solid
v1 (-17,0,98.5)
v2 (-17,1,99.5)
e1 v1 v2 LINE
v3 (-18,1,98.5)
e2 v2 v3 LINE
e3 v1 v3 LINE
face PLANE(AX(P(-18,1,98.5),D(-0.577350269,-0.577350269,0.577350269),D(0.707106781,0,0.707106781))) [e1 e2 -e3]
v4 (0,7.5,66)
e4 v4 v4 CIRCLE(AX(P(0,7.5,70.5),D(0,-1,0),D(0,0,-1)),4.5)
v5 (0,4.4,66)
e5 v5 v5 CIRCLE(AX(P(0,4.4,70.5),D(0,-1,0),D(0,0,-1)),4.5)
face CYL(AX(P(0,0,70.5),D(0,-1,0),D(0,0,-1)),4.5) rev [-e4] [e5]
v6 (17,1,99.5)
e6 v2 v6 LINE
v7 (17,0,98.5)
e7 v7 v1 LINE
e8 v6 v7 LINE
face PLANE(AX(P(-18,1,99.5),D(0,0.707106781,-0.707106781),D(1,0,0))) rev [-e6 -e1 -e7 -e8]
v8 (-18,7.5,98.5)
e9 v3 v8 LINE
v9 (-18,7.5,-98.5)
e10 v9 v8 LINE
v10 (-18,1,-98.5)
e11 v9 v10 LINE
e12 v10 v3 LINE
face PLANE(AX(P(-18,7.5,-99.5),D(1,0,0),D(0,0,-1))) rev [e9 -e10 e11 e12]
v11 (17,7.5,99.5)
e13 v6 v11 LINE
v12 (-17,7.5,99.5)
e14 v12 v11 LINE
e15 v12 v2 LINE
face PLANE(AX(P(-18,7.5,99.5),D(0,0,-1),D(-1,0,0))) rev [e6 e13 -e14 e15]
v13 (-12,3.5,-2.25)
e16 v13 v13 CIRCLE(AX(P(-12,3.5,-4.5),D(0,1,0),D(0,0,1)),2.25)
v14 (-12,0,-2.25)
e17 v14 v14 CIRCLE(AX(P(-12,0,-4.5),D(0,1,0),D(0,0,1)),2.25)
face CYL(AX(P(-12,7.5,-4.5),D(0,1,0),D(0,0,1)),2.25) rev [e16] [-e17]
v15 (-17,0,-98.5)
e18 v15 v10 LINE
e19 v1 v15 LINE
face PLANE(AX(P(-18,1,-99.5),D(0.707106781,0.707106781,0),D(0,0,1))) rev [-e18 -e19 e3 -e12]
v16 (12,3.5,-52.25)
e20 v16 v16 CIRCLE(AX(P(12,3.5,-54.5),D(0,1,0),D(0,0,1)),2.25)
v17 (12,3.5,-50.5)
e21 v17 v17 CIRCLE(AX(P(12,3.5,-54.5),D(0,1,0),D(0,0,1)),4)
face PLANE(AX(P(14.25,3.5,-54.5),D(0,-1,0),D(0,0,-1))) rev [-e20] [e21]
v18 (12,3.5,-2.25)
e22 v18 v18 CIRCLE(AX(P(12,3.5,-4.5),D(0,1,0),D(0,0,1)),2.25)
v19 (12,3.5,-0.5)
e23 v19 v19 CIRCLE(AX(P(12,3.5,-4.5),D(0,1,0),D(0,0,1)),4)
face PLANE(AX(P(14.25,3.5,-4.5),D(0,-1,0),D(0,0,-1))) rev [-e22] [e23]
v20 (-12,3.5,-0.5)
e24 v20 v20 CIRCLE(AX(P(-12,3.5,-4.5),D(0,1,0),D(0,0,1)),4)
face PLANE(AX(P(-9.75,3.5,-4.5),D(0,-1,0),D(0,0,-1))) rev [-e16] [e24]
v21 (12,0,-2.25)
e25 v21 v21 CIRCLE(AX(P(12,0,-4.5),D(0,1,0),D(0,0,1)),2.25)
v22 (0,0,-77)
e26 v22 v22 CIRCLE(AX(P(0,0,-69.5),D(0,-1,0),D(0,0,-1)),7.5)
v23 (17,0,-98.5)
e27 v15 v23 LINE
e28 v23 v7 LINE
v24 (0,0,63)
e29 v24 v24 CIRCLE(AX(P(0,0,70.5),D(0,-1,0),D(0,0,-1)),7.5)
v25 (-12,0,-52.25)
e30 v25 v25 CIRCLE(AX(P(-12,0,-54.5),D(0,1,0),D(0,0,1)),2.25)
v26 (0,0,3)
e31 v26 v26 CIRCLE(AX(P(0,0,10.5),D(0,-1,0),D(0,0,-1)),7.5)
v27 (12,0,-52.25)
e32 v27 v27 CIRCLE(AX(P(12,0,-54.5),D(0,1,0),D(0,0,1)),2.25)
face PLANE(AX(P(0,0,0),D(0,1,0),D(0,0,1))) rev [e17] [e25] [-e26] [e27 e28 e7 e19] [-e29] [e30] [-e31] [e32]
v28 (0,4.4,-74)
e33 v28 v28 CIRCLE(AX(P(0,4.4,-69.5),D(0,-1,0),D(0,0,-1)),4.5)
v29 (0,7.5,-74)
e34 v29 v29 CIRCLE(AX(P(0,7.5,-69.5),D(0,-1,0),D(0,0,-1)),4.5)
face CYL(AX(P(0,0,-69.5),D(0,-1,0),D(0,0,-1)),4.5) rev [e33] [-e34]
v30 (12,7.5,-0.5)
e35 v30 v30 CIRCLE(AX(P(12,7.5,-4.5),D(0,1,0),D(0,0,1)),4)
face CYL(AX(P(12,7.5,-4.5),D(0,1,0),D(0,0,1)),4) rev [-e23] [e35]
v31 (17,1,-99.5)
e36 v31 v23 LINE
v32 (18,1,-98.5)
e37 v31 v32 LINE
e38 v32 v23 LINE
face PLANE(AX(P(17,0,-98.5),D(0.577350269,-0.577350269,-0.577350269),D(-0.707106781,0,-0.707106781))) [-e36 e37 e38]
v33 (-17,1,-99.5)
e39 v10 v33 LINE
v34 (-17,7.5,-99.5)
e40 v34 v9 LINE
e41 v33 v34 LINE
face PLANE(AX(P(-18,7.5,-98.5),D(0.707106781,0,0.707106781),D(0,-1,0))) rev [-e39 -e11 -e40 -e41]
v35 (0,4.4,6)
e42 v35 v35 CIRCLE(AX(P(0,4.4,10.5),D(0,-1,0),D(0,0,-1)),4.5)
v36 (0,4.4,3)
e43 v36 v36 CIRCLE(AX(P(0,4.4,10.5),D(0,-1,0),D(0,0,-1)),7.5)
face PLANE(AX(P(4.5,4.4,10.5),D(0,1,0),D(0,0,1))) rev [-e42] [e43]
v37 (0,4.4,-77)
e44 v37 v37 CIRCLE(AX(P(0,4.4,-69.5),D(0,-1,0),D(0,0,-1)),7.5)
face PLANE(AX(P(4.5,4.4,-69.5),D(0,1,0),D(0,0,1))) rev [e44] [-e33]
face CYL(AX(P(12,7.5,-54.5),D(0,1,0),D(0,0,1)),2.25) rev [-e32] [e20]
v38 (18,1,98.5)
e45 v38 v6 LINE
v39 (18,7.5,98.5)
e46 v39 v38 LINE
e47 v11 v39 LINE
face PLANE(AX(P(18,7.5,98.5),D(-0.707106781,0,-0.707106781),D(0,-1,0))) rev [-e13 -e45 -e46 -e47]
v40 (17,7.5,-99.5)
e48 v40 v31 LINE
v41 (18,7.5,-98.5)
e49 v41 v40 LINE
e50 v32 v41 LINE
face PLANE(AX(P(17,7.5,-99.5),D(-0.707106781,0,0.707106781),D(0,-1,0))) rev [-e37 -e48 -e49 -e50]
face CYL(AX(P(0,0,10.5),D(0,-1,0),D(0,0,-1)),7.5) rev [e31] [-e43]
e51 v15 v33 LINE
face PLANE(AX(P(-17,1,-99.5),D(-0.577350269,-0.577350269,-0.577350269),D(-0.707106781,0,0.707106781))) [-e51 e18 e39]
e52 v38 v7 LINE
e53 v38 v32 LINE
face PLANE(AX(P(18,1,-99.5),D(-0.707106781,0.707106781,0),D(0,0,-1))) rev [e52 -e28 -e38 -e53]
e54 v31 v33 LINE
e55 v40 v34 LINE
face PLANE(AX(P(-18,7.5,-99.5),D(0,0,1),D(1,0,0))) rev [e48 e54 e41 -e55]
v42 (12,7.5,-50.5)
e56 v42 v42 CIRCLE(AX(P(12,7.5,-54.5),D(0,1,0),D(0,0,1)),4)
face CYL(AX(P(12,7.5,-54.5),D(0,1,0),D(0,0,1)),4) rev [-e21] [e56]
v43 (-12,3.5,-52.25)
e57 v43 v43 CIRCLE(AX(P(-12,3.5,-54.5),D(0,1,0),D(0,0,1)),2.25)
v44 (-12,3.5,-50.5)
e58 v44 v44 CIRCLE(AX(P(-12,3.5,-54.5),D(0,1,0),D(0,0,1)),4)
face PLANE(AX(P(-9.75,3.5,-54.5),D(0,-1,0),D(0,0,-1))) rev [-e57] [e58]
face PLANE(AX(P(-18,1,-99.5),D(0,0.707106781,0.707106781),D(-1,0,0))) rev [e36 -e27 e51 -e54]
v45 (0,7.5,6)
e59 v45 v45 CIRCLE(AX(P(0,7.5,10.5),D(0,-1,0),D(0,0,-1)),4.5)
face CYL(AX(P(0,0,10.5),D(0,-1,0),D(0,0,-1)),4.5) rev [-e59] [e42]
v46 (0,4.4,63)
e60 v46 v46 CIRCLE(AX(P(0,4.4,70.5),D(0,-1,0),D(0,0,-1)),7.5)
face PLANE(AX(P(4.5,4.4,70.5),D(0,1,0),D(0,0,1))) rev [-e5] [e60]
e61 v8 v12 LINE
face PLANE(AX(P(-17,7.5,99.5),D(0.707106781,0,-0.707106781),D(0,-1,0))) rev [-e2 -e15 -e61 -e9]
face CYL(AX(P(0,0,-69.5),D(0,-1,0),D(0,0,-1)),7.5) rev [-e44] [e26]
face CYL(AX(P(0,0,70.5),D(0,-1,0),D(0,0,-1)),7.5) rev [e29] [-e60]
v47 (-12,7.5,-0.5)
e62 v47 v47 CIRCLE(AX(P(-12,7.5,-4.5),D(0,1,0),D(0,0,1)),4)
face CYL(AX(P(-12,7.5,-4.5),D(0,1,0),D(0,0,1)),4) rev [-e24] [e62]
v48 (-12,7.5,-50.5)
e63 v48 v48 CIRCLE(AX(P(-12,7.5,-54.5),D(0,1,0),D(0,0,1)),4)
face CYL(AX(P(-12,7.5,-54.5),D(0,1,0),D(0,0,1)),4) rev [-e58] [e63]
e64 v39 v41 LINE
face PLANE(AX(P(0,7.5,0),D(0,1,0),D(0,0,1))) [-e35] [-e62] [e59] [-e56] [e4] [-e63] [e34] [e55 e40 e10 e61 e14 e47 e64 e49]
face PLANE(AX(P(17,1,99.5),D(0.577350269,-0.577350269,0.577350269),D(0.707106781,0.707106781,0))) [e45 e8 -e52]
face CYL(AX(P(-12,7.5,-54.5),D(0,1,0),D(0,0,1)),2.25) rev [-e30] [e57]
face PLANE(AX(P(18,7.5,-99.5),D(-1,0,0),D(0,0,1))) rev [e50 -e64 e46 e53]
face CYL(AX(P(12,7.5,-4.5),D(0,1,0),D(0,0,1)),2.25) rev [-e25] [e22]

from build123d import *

# Parameters (mm, degrees)
SKETCH1_W                       = 36
SKETCH1_H                       = 199
BOSS_EXTRUDE1_DEPTH             = 7.5
CBORE_FOR_M4_SHCS1_D            = 4.5
CBORE_FOR_M4_SHCS1_CBORE_D      = 8
CBORE_FOR_M4_SHCS1_CBORE_DEPTH  = 4
CHAMFER1_SIZE                   = 1
CBORE_FOR_M8_SBHCS1_D           = 9
CBORE_FOR_M8_SBHCS1_CBORE_D     = 15
CBORE_FOR_M8_SBHCS1_CBORE_DEPTH = 4.4


with BuildPart() as part:
    # Sketch1 → Boss-Extrude1 (new body)
    with BuildSketch(Plane(origin=(0, 0, 0), x_dir=(1, 0, 0), z_dir=(0, 1, 0))):
        Rectangle(SKETCH1_W, SKETCH1_H)
    extrude(amount=BOSS_EXTRUDE1_DEPTH)

    # CBORE for M4 SHCS1 (through all)
    with Locations(Plane(origin=(0, 7.5, 0), x_dir=(1, 0, 0), z_dir=(0, 1, 0))):
        with Locations((-12, 54.5), (12, 54.5), (12, 4.5), (-12, 4.5)):
            CounterBoreHole(CBORE_FOR_M4_SHCS1_D / 2, CBORE_FOR_M4_SHCS1_CBORE_D / 2, CBORE_FOR_M4_SHCS1_CBORE_DEPTH)

    # Chamfer1
    chamfer1_edges = [part.edges().sort_by_distance(p)[0] for p in [
        (0, 0, 99.5),
        (-18, 0, 0),
        (0, 0, -99.5),
        (18, 0, 0),
        (18, 3.75, 99.5),
        (-18, 3.75, 99.5),
        (-18, 3.75, -99.5),
        (18, 3.75, -99.5),
    ]]
    chamfer(chamfer1_edges, length=CHAMFER1_SIZE)

    # CBORE for M8 SBHCS1 (through all)
    with Locations(Plane(origin=(0, 0, 0), x_dir=(-1, 0, 0), z_dir=(0, -1, 0))):
        with Locations((0, 69.5), (0, -10.5), (0, -70.5)):
            CounterBoreHole(CBORE_FOR_M8_SBHCS1_D / 2, CBORE_FOR_M8_SBHCS1_CBORE_D / 2, CBORE_FOR_M8_SBHCS1_CBORE_DEPTH)


solid = part.part
